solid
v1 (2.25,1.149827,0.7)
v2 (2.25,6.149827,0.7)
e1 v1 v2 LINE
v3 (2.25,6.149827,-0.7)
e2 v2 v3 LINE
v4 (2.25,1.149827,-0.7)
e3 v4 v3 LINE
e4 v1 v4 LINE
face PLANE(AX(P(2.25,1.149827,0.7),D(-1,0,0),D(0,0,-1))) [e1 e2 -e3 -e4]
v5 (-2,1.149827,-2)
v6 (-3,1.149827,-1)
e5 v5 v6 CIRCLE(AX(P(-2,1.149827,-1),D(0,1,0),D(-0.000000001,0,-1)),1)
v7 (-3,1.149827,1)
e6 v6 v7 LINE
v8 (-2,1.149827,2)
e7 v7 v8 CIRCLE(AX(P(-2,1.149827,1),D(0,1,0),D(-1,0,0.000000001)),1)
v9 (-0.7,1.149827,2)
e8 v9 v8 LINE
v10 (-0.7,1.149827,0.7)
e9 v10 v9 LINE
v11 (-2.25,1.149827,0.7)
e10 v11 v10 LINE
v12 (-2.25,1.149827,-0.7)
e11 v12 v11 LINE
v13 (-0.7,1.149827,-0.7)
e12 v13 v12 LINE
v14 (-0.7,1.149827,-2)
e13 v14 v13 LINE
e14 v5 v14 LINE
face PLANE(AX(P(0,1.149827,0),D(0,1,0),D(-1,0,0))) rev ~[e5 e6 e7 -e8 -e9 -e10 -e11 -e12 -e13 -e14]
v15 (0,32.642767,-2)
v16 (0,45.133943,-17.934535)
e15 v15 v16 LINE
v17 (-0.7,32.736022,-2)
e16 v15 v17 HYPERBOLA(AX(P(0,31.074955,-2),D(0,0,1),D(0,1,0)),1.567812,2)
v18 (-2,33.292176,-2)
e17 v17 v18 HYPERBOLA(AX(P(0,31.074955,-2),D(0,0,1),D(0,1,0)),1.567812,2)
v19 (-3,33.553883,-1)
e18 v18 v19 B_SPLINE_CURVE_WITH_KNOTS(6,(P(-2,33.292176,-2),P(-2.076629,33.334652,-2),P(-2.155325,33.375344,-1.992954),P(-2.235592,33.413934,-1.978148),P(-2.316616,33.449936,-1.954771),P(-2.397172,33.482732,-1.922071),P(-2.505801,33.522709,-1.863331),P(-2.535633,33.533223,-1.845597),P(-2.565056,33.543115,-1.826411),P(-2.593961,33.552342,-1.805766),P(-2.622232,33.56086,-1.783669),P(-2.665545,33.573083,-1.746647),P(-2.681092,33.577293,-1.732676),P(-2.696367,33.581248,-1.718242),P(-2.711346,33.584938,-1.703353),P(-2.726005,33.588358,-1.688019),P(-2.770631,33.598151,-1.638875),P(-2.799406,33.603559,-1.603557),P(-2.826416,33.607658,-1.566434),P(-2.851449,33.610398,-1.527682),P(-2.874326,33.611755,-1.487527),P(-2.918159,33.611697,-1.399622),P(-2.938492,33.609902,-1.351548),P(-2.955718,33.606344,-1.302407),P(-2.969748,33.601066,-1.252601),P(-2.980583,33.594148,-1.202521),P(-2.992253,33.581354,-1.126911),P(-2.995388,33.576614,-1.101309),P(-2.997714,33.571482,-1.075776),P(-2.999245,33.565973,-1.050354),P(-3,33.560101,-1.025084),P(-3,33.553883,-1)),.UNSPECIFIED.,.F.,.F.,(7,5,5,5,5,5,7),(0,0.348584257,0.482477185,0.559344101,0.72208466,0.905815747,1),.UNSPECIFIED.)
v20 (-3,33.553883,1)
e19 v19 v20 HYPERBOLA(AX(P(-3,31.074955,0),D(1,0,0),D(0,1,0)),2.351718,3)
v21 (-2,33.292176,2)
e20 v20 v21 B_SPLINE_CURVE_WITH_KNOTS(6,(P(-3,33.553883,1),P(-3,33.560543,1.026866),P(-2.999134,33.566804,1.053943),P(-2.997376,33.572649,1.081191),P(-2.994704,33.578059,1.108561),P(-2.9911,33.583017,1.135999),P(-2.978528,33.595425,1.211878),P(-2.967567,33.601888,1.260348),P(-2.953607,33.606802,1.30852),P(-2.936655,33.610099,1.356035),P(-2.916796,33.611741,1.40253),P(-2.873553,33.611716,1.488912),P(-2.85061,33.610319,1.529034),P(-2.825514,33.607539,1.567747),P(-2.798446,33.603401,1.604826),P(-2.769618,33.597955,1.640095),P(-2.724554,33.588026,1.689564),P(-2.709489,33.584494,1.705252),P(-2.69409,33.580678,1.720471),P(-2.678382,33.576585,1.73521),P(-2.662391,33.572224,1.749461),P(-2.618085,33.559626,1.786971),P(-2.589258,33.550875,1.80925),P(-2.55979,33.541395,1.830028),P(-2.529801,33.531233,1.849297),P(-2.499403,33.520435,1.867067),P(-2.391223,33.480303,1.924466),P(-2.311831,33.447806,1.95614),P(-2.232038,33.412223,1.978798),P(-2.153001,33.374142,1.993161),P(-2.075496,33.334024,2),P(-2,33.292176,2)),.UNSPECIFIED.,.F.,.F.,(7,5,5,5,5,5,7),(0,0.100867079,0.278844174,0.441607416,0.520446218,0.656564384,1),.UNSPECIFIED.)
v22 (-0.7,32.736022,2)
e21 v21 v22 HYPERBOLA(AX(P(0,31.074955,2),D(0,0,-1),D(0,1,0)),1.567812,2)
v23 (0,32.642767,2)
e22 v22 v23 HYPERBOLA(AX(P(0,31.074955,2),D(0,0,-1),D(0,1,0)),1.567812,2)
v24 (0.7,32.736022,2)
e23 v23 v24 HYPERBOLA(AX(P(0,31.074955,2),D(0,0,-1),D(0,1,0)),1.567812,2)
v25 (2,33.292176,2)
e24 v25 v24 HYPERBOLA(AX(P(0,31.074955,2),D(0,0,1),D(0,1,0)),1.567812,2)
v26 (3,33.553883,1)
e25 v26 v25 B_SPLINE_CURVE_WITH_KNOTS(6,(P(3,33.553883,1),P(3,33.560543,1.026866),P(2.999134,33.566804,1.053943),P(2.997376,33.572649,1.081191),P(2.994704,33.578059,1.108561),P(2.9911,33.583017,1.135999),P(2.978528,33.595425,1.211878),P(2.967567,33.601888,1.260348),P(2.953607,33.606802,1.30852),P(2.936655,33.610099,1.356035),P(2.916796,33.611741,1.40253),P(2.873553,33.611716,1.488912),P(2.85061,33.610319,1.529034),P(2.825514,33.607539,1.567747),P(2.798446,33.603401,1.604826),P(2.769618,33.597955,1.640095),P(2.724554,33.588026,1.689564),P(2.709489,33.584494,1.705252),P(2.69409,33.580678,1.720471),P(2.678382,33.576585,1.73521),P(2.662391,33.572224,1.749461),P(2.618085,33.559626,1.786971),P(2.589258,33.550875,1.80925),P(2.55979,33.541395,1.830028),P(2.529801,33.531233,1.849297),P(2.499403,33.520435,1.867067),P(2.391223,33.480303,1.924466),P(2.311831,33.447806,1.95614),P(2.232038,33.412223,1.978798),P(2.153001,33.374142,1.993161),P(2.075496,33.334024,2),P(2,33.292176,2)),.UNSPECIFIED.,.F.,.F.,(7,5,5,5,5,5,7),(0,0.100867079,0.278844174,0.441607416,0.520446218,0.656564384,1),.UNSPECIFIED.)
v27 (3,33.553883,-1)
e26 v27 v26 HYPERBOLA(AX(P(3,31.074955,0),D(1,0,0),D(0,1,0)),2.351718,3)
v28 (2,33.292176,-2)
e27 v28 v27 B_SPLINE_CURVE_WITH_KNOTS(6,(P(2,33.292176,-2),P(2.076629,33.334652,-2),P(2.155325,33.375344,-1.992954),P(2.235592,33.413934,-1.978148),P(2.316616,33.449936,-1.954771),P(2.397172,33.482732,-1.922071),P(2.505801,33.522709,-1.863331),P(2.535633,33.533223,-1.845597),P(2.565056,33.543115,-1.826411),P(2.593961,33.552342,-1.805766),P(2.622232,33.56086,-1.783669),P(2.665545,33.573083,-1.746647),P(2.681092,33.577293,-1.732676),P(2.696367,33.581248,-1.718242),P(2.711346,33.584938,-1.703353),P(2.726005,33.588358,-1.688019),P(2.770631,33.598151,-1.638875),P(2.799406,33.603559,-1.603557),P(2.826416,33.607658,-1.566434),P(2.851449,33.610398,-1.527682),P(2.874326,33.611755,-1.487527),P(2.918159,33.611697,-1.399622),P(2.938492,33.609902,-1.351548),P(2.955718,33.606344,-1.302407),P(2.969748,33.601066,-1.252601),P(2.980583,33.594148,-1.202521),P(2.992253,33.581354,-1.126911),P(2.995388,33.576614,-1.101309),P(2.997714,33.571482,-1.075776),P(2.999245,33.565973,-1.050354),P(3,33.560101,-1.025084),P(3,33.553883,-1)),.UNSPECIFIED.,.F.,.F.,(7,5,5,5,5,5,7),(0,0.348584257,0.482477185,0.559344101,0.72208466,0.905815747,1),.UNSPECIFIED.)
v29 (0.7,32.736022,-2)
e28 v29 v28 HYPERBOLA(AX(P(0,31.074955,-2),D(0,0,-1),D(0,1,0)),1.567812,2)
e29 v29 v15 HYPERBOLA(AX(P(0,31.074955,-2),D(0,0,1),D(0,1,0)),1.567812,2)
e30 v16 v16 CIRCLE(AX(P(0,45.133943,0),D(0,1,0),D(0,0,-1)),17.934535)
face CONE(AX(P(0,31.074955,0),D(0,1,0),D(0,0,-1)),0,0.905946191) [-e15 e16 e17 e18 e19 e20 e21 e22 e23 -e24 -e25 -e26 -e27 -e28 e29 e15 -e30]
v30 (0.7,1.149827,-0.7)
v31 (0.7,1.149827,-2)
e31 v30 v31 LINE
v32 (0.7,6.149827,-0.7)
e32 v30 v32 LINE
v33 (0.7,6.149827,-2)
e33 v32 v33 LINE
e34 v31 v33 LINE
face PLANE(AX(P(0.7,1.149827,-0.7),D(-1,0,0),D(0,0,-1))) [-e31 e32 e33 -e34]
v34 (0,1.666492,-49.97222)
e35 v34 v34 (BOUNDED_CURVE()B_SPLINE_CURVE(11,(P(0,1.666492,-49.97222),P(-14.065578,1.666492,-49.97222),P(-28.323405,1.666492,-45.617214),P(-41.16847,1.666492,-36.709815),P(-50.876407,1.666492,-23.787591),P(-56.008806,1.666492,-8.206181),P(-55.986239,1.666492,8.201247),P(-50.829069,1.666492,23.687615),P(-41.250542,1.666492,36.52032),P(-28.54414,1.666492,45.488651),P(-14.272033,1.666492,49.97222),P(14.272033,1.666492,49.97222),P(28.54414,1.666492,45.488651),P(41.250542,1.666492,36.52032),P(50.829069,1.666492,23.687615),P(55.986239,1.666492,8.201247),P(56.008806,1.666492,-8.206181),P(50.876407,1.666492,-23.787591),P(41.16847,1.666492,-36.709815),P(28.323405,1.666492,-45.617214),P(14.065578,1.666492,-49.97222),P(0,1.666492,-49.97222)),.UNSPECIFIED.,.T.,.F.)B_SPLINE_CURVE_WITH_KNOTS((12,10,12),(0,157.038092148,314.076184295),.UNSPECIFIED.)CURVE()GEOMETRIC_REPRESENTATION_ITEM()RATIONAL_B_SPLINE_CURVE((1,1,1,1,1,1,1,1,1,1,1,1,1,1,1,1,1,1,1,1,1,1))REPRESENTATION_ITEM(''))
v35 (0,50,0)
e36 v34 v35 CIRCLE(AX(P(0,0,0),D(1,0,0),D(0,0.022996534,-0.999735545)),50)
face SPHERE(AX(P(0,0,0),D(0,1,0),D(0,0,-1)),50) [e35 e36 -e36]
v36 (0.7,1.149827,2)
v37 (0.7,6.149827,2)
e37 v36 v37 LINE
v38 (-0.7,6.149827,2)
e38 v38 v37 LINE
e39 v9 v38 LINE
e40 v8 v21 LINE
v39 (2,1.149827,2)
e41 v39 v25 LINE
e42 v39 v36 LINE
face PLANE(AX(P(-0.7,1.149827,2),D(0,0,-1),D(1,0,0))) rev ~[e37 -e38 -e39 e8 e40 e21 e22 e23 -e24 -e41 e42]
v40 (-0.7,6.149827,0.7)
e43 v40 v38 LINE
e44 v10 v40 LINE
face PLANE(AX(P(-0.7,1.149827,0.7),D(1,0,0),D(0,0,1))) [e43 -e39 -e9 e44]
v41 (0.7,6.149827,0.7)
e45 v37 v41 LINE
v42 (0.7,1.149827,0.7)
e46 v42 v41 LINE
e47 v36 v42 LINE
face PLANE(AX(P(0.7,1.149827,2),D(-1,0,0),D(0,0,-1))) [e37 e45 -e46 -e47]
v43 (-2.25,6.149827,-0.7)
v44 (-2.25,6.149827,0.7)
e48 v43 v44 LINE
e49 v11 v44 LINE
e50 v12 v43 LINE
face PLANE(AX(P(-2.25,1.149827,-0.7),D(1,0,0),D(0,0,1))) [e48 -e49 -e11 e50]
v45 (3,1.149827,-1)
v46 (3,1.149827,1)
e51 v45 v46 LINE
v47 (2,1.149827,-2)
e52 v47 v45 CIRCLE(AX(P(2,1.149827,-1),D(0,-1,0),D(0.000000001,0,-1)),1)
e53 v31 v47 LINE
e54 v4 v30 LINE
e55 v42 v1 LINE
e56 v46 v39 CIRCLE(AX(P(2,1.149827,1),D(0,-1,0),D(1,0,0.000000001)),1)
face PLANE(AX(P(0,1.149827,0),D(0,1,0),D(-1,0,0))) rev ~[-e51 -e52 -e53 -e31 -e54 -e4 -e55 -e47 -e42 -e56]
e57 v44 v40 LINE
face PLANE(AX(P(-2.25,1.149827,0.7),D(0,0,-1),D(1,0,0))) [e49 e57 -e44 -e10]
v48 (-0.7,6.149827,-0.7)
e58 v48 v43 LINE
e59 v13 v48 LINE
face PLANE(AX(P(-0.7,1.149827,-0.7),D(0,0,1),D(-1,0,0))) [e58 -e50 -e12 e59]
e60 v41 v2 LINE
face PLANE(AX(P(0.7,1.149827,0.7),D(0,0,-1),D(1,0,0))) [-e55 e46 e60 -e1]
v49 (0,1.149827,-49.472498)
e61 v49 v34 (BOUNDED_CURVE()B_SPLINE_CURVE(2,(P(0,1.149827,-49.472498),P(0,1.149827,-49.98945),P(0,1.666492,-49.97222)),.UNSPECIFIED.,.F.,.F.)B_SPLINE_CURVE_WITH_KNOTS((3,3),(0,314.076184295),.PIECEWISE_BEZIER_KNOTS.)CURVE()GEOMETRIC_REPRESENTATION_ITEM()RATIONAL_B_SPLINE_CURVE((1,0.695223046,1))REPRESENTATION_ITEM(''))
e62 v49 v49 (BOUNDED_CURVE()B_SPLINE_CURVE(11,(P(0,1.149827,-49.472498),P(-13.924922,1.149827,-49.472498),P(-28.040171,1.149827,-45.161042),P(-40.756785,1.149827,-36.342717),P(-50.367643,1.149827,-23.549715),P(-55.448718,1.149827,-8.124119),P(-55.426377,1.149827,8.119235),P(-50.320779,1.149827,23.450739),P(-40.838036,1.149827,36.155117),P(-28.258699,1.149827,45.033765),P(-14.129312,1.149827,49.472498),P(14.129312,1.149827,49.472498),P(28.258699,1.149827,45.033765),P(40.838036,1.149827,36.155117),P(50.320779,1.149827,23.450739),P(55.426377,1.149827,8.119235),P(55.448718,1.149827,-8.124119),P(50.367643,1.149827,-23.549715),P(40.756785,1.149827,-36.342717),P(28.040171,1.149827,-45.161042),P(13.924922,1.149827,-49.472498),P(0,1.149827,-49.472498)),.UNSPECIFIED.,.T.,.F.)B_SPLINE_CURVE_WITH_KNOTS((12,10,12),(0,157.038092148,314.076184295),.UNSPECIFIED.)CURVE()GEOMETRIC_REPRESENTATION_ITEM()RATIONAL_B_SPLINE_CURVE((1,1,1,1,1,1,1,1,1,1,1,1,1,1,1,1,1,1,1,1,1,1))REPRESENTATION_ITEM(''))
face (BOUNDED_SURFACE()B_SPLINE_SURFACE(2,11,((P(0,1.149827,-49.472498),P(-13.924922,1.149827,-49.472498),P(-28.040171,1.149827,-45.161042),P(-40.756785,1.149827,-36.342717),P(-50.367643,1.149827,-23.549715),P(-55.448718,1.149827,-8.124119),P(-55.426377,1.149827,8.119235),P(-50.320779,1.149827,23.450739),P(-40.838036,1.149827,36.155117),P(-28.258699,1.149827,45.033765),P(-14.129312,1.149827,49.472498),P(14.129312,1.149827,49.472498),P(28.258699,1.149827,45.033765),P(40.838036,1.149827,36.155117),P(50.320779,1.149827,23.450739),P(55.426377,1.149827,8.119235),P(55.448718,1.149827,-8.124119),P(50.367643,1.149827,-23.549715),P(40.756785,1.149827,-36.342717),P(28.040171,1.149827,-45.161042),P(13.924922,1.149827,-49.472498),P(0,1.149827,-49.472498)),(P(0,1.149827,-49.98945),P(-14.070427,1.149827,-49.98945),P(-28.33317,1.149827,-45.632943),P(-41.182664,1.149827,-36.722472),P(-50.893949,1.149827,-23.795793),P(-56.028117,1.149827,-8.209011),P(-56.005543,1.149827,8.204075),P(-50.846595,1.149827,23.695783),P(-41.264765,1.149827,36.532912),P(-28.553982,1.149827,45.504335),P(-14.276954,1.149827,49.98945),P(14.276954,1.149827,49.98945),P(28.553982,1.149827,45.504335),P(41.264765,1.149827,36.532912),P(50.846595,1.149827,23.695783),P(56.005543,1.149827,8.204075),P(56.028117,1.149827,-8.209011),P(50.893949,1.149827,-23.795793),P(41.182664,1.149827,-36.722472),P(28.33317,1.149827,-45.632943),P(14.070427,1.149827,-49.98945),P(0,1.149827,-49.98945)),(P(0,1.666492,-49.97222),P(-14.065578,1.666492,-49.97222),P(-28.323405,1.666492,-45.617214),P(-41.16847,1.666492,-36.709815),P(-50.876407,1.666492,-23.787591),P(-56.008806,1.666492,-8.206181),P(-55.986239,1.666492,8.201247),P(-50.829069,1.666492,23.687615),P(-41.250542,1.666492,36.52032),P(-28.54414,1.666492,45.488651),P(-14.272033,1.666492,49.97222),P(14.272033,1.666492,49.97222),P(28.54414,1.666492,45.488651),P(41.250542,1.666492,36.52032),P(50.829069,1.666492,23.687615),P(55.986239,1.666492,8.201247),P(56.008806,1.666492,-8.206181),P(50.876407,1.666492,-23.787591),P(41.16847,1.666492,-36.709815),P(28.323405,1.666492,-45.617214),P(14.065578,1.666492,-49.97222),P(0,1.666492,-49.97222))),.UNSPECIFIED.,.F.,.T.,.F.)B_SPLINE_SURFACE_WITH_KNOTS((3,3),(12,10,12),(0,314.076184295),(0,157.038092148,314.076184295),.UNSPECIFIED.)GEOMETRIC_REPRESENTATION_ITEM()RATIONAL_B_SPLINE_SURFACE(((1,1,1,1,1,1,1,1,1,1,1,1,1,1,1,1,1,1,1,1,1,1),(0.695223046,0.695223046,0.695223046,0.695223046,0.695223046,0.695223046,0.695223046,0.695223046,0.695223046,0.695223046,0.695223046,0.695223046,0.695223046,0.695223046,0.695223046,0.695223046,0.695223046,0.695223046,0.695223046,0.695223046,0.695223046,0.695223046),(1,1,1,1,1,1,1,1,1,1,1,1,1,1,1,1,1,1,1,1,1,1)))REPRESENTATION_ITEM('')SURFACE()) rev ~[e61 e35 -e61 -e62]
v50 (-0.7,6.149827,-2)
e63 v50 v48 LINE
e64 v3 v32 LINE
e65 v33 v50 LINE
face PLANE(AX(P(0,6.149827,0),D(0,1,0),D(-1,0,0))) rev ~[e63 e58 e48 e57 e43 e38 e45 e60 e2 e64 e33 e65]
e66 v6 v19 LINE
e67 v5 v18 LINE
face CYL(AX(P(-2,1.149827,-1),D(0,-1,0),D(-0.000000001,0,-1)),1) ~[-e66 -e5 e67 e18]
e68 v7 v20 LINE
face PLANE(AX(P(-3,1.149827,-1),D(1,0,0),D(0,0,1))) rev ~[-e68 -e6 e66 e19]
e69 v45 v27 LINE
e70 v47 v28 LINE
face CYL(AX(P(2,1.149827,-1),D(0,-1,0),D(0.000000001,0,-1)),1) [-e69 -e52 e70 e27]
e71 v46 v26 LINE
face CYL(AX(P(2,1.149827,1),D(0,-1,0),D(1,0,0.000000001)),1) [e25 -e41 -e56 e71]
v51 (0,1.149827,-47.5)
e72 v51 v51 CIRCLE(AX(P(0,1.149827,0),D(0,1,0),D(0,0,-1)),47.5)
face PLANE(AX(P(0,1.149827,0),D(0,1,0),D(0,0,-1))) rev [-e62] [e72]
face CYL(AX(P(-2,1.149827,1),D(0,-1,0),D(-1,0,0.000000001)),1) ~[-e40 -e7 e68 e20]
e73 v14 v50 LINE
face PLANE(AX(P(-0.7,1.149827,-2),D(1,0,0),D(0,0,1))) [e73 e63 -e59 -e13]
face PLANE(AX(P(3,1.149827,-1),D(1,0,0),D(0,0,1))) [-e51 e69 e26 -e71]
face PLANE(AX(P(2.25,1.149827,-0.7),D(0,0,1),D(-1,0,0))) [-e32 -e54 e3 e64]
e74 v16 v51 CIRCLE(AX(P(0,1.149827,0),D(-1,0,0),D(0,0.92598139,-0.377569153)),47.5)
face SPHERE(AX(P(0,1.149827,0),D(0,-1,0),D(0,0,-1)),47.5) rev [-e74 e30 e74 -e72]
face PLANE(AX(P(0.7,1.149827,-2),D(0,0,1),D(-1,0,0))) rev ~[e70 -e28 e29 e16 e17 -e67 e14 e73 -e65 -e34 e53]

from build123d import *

# Parameters (mm, degrees)
VERRUNDUNG3_R                   = 0.5
AUFSATZ_LINEAR_AUSTRAGEN3_REACH = 87.912
SCHNITT_LINEAR_AUSTRAGEN1_DEPTH = 5


with BuildPart() as part:
    # Skizze1 → Rotation1 (revolve)
    with BuildSketch(Plane(origin=(0, 0, 0), x_dir=(0, 0, -1), z_dir=(1, 0, 0))):
        with BuildLine():
            Line((0, 50), (0, 31.074955095))
            Line((0, 31.074955095), (17.934534763, 45.133942714))
            ThreePointArc((17.934534763, 45.133942714), (39.421697079, 27.648502112), (47.5, 1.149826685))
            Line((47.5, 1.149826685), (49.986777238, 1.149826685))
            ThreePointArc((49.986777238, 1.149826685), (34.946449503, 35.759553509), (0, 50))
        make_face()
    revolve(axis=Axis((0, -10000, 0), (0, 1, 0)))

    # Verrundung3
    verrundung3_edges = [part.edges().sort_by_distance(p)[0] for p in [
        (0, 1.149826685, 49.986777238),
    ]]
    fillet(verrundung3_edges, radius=VERRUNDUNG3_R)

    # Aufsatz-Linear austragen3: up to this cone (the profile starts outside it)
    aufsatz_linear_austragen3_end = Plane(origin=(0, 1.149827, 0), z_dir=(0, 1, 0)).offset(29.925129095) * Cone(1.276e-06, 74.609556944, 58.486870905, align=(Align.CENTER, Align.CENTER, Align.MIN), mode=Mode.PRIVATE)
    # Skizze3 → Aufsatz-Linear austragen3 (add, up to the surface)
    with BuildSketch(Plane.XZ.offset(-1.149826685), mode=Mode.PRIVATE) as aufsatz_linear_austragen3_sk1:
        with BuildLine():
            ThreePointArc((-3, 1), (-2.707106781, 1.707106781), (-2, 2))
            Line((-2, 2), (-0.7, 2))
            Line((-0.7, 2), (-0.7, 0.7))
            Line((-0.7, 0.7), (-2.25, 0.7))
            Line((-2.25, 0.7), (-2.25, -0.7))
            Line((-2.25, -0.7), (-0.7, -0.7))
            Line((-0.7, -0.7), (-0.7, -2))
            Line((-0.7, -2), (-2, -2))
            ThreePointArc((-2, -2), (-2.707106781, -1.707106781), (-3, -1))
            Line((-3, -1), (-3, 1))
        make_face()
    aufsatz_linear_austragen3_tool1 = extrude(aufsatz_linear_austragen3_sk1.sketch, amount=-AUFSATZ_LINEAR_AUSTRAGEN3_REACH, mode=Mode.PRIVATE) - aufsatz_linear_austragen3_end
    add(aufsatz_linear_austragen3_tool1.solids().sort_by_distance((-2.953859, 1.149827, 0))[0])
    # Skizze3 → Aufsatz-Linear austragen3 (add, up to the surface)
    with BuildSketch(Plane.XZ.offset(-1.149826685), mode=Mode.PRIVATE) as aufsatz_linear_austragen3_sk2:
        with BuildLine():
            Line((0.7, -2), (2, -2))
            ThreePointArc((2, -2), (2.707106781, -1.707106781), (3, -1))
            Line((3, -1), (3, 1))
            ThreePointArc((3, 1), (2.707106781, 1.707106781), (2, 2))
            Line((2, 2), (0.7, 2))
            Line((0.7, 2), (0.7, 0.7))
            Line((0.7, 0.7), (2.25, 0.7))
            Line((2.25, 0.7), (2.25, -0.7))
            Line((2.25, -0.7), (0.7, -0.7))
            Line((0.7, -0.7), (0.7, -2))
        make_face()
    aufsatz_linear_austragen3_tool2 = extrude(aufsatz_linear_austragen3_sk2.sketch, amount=-AUFSATZ_LINEAR_AUSTRAGEN3_REACH, mode=Mode.PRIVATE) - aufsatz_linear_austragen3_end
    add(aufsatz_linear_austragen3_tool2.solids().sort_by_distance((1.35, 1.149827, -1.953859))[0])
    # Skizze3 → Aufsatz-Linear austragen3 (add, up to the surface)
    with BuildSketch(Plane.XZ.offset(-1.149826685), mode=Mode.PRIVATE) as aufsatz_linear_austragen3_sk3:
        Polygon((0.7, 0.7), (2.25, 0.7), (2.25, -0.7), (0.7, -0.7), (0.7, -2), (-0.7, -2), (-0.7, -0.7), (-2.25, -0.7), (-2.25, 0.7), (-0.7, 0.7), (-0.7, 2), (0.7, 2), align=None)
    aufsatz_linear_austragen3_tool3 = extrude(aufsatz_linear_austragen3_sk3.sketch, amount=-AUFSATZ_LINEAR_AUSTRAGEN3_REACH, mode=Mode.PRIVATE) - aufsatz_linear_austragen3_end
    add(aufsatz_linear_austragen3_tool3.solids().sort_by_distance((0, 1.149827, 0))[0])

    # Skizze3_4 → Schnitt-Linear austragen1 (cut)
    with BuildSketch(Plane.XZ.offset(-1.149826685)):
        Polygon((0.7, 0.7), (2.25, 0.7), (2.25, -0.7), (0.7, -0.7), (0.7, -2), (-0.7, -2), (-0.7, -0.7), (-2.25, -0.7), (-2.25, 0.7), (-0.7, 0.7), (-0.7, 2), (0.7, 2), align=None)
    extrude(amount=-SCHNITT_LINEAR_AUSTRAGEN1_DEPTH, mode=Mode.SUBTRACT)


solid = part.part
